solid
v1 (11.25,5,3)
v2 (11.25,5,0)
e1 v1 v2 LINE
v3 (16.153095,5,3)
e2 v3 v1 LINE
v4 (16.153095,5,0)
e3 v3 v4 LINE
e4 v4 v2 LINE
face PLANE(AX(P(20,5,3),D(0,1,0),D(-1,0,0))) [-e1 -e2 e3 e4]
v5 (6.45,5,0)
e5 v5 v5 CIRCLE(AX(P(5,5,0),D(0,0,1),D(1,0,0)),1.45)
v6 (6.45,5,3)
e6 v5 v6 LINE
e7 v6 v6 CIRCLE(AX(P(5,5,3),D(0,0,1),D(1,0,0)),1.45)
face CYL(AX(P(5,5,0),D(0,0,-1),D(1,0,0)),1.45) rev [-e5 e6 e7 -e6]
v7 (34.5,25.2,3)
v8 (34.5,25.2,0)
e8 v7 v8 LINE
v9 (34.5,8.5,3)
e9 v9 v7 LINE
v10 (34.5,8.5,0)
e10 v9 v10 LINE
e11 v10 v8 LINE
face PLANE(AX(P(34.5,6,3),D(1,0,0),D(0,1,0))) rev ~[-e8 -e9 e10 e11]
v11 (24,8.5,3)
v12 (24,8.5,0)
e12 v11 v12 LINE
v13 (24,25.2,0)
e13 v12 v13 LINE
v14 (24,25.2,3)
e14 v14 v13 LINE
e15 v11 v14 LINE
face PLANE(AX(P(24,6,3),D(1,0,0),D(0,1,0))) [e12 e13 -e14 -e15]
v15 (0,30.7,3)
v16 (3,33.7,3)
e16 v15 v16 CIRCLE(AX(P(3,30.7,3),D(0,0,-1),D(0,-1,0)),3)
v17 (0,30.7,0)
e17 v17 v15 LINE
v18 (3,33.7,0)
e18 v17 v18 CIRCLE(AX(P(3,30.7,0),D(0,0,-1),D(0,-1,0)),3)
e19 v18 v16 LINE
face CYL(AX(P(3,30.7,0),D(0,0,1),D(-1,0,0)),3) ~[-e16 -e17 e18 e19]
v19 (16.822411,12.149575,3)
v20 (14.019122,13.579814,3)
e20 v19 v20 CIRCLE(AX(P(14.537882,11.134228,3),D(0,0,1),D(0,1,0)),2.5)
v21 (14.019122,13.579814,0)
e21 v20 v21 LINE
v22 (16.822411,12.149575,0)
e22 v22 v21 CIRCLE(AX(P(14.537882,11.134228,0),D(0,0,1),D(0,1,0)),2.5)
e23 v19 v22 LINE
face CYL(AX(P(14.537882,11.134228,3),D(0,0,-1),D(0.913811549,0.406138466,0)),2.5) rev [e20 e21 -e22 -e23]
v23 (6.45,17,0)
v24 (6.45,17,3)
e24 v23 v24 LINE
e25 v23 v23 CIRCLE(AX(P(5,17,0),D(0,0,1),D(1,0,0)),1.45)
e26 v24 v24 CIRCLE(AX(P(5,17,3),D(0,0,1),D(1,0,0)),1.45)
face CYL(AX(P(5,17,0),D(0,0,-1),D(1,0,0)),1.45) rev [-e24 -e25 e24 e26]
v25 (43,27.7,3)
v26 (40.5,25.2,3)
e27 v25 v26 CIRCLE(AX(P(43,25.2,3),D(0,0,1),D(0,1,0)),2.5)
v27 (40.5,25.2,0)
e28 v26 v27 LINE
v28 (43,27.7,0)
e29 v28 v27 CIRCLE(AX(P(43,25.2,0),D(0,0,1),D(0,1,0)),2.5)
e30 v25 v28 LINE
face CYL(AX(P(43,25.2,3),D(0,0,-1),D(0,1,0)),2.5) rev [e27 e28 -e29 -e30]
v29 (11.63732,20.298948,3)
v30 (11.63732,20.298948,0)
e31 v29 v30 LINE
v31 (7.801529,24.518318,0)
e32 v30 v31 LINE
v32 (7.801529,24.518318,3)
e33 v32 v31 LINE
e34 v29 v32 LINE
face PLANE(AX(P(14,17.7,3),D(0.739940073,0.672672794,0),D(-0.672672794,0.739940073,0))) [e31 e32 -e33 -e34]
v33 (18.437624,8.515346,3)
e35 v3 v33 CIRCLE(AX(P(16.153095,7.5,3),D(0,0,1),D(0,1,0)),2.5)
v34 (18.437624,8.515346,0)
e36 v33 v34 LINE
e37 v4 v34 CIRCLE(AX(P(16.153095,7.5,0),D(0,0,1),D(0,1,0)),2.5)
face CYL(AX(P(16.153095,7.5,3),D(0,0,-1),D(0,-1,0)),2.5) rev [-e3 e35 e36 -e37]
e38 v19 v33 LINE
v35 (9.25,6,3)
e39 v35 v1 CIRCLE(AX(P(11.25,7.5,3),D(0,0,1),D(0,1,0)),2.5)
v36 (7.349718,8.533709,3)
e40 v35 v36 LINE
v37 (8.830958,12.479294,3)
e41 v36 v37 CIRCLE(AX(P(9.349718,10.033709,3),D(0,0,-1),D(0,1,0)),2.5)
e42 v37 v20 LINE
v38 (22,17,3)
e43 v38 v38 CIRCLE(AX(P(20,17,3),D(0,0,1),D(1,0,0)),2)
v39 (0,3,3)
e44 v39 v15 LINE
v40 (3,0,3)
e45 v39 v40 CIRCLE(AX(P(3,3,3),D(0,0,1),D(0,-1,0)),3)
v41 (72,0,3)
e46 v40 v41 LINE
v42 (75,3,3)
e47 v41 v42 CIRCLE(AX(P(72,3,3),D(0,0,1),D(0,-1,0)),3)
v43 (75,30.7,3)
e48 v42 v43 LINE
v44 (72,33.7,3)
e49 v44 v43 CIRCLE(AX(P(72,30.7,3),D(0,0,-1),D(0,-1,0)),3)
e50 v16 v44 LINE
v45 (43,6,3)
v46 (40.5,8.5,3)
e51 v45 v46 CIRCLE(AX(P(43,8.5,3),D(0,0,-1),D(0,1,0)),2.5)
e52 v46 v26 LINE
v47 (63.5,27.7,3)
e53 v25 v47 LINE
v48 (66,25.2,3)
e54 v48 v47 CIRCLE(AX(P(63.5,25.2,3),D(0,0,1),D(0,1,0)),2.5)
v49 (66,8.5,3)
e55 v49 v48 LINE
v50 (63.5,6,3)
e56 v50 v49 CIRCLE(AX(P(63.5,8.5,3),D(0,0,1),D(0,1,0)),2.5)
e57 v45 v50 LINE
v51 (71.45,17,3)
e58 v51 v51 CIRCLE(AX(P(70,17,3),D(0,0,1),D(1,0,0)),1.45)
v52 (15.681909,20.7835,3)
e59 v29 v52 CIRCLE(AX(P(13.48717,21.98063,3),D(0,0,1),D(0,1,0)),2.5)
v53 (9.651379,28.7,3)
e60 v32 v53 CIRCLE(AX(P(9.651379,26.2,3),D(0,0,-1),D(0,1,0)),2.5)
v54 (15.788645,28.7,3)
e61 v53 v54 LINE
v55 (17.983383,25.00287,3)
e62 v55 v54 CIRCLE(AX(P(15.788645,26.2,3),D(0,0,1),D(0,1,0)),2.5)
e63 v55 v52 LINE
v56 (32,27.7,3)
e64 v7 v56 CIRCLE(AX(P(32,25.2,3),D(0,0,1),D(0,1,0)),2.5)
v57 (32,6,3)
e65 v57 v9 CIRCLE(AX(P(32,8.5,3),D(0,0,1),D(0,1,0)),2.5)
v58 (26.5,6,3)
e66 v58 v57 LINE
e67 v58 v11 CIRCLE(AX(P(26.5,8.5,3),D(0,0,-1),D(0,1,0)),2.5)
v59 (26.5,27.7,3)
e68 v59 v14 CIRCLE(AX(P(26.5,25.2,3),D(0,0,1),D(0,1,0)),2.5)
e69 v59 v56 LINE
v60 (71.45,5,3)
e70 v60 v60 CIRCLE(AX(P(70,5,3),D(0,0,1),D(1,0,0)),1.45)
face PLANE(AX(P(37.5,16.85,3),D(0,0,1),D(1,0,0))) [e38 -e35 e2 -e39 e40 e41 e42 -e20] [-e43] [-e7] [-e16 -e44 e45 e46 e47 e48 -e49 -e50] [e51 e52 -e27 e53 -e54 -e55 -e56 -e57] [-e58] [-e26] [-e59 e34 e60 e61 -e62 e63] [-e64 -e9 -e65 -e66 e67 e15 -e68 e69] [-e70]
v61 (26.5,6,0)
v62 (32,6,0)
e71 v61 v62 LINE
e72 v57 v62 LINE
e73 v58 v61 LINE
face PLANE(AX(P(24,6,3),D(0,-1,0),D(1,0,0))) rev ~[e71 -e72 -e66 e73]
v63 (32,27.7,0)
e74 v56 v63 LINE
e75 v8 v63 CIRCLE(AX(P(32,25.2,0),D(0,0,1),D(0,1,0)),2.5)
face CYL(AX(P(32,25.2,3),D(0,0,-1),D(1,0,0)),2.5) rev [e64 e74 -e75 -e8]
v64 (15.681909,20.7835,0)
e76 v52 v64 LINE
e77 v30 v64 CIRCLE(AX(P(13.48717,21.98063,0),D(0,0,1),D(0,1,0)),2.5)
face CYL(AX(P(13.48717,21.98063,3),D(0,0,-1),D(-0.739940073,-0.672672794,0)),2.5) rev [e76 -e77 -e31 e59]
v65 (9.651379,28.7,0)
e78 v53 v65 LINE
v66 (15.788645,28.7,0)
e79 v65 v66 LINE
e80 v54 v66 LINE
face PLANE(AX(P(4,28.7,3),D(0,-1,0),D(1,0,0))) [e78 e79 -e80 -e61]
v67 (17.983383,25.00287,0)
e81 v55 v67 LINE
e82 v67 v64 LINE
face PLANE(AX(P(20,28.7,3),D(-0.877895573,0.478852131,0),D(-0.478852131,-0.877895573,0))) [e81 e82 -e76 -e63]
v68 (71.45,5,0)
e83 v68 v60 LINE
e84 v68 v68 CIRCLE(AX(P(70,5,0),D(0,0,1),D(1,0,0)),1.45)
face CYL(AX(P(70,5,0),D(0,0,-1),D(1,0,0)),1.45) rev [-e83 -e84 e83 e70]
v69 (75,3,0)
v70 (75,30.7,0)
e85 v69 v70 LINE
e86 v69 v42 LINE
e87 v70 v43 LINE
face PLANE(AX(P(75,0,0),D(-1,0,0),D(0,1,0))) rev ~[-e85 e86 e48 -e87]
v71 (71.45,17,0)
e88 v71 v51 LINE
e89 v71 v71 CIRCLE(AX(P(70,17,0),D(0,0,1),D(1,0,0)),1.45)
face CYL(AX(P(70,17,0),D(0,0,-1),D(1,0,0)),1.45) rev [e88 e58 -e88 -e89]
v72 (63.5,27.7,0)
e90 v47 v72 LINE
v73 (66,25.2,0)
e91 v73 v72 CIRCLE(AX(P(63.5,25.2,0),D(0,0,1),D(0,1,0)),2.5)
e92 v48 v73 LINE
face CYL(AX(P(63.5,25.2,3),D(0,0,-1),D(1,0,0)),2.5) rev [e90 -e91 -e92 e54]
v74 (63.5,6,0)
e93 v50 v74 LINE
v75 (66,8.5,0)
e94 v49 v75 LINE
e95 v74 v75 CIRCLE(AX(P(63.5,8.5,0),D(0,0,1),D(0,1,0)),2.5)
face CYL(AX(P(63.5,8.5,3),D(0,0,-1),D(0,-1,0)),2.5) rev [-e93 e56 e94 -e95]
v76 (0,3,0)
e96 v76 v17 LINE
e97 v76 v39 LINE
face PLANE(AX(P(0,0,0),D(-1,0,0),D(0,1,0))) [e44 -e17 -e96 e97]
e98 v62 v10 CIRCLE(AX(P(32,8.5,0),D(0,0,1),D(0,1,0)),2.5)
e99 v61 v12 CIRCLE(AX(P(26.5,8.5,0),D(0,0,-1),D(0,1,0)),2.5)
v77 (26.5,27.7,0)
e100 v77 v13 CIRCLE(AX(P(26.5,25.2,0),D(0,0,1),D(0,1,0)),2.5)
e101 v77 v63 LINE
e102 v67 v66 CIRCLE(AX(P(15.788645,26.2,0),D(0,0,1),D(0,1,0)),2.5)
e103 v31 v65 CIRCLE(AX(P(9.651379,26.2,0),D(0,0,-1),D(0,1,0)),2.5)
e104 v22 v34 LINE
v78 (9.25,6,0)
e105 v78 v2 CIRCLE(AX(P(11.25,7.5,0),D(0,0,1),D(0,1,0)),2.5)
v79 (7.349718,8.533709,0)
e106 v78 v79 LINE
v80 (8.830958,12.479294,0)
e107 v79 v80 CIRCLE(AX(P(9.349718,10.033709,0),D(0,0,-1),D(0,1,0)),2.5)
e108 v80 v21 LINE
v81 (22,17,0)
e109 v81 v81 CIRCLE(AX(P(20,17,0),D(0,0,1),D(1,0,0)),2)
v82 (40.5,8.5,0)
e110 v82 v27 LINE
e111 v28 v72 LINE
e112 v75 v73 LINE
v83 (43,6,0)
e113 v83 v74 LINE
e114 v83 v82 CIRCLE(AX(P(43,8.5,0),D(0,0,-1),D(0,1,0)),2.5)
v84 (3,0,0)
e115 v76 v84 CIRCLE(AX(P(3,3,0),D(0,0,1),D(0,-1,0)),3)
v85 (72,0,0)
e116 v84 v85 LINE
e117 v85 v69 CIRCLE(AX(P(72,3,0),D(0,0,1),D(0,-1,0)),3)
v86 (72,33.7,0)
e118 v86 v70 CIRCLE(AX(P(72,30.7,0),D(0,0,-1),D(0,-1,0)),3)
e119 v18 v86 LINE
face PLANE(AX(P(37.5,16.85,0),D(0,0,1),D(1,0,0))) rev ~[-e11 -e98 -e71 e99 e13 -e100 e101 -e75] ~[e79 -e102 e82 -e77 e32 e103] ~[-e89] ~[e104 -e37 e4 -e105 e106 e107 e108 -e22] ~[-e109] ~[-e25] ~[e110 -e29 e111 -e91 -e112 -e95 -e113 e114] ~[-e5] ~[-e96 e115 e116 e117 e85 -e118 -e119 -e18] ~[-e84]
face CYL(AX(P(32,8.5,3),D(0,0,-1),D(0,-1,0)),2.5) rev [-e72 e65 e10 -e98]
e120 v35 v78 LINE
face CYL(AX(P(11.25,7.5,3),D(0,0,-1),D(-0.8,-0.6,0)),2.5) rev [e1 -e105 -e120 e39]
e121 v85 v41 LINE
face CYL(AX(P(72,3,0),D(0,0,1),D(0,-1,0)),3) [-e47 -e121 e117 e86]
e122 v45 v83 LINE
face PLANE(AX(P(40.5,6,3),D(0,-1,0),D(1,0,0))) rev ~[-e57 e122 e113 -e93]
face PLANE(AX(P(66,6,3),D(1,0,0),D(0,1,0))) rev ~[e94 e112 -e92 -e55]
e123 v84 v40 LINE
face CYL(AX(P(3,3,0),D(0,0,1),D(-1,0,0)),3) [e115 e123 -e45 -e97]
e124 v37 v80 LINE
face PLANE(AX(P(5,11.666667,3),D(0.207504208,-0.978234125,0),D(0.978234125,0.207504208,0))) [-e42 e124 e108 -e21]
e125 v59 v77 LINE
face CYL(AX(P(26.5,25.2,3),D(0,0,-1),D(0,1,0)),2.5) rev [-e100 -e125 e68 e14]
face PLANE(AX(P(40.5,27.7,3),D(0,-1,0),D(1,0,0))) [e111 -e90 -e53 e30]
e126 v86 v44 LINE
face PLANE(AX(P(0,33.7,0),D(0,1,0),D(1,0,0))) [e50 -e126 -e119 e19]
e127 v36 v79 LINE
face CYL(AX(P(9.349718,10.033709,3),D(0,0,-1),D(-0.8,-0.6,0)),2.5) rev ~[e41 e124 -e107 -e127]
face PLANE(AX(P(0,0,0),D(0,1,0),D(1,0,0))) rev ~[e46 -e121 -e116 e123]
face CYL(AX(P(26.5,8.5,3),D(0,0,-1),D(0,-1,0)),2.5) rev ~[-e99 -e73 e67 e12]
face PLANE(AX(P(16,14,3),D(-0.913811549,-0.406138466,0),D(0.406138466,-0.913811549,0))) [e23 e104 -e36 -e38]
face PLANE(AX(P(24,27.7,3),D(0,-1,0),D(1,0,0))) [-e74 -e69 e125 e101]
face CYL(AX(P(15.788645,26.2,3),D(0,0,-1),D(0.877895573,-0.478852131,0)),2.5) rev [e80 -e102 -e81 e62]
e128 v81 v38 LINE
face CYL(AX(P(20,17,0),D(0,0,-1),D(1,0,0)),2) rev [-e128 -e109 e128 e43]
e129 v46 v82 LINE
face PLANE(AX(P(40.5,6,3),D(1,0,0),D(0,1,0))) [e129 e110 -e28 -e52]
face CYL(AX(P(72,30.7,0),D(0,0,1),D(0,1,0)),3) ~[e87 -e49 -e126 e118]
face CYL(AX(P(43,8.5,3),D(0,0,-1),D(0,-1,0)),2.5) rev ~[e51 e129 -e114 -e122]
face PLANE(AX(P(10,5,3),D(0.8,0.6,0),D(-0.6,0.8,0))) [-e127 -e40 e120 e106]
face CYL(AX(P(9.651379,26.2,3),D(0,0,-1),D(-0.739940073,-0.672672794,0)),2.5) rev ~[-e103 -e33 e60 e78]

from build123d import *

# Parameters (mm, degrees)
SKETCH_1_W          = 75
SKETCH_1_H          = 33.7
SKETCH_1_R          = 1.45
SKETCH_1_R_2        = 2
EXTRUDE_1_DEPTH     = 3
SKETCH_2_W          = 25.5
SKETCH_2_H          = 21.7
SKETCH_2_W_2        = 10.5
CUT_EXTRUDE_1_DEPTH = 10
FILLET_1_R          = 2.5
FILLET_2_R          = 3


with BuildPart() as part:
    # 草图1 → 凸台-拉伸1 (new body)
    with BuildSketch(Plane.XY):
        with Locations((37.5, 16.85)):
            Rectangle(SKETCH_1_W, SKETCH_1_H)
        with Locations((5, 17)):
            Circle(SKETCH_1_R, mode=Mode.SUBTRACT)
        with Locations((5, 5)):
            Circle(SKETCH_1_R, mode=Mode.SUBTRACT)
        with Locations((70, 17)):
            Circle(SKETCH_1_R, mode=Mode.SUBTRACT)
        with Locations((70, 5)):
            Circle(SKETCH_1_R, mode=Mode.SUBTRACT)
        with Locations((20, 17)):
            Circle(SKETCH_1_R_2, mode=Mode.SUBTRACT)
    extrude(amount=EXTRUDE_1_DEPTH)

    # 草图2 → 切除-拉伸1 (cut)
    with BuildSketch(Plane.XY.offset(3)):
        Polygon((4, 28.7), (20, 28.7), (14, 17.7), align=None)
        with Locations((53.25, 16.85)):
            Rectangle(SKETCH_2_W, SKETCH_2_H)
        with Locations((29.25, 16.85)):
            Rectangle(SKETCH_2_W_2, SKETCH_2_H)
        Polygon((5, 11.666666667), (16, 14), (20, 5), (10, 5), align=None)
    extrude(amount=-CUT_EXTRUDE_1_DEPTH, mode=Mode.SUBTRACT)

    # 圆角1
    fillet_1_edges = [part.edges().sort_by_distance(p)[0] for p in [
        (40.5, 6, 1.5),
        (40.5, 27.7, 1.5),
        (66, 27.7, 1.5),
        (66, 6, 1.5),
        (10, 5, 1.5),
        (5, 11.666666667, 1.5),
        (16, 14, 1.5),
        (20, 5, 1.5),
        (14, 17.7, 1.5),
        (4, 28.7, 1.5),
        (20, 28.7, 1.5),
        (24, 6, 1.5),
        (24, 27.7, 1.5),
        (34.5, 27.7, 1.5),
        (34.5, 6, 1.5),
    ]]
    fillet(fillet_1_edges, radius=FILLET_1_R)

    # 圆角2
    fillet_2_edges = [part.edges().sort_by_distance(p)[0] for p in [
        (0, 33.7, 1.5),
        (75, 33.7, 1.5),
        (75, 0, 1.5),
        (0, 0, 1.5),
    ]]
    fillet(fillet_2_edges, radius=FILLET_2_R)


solid = part.part
